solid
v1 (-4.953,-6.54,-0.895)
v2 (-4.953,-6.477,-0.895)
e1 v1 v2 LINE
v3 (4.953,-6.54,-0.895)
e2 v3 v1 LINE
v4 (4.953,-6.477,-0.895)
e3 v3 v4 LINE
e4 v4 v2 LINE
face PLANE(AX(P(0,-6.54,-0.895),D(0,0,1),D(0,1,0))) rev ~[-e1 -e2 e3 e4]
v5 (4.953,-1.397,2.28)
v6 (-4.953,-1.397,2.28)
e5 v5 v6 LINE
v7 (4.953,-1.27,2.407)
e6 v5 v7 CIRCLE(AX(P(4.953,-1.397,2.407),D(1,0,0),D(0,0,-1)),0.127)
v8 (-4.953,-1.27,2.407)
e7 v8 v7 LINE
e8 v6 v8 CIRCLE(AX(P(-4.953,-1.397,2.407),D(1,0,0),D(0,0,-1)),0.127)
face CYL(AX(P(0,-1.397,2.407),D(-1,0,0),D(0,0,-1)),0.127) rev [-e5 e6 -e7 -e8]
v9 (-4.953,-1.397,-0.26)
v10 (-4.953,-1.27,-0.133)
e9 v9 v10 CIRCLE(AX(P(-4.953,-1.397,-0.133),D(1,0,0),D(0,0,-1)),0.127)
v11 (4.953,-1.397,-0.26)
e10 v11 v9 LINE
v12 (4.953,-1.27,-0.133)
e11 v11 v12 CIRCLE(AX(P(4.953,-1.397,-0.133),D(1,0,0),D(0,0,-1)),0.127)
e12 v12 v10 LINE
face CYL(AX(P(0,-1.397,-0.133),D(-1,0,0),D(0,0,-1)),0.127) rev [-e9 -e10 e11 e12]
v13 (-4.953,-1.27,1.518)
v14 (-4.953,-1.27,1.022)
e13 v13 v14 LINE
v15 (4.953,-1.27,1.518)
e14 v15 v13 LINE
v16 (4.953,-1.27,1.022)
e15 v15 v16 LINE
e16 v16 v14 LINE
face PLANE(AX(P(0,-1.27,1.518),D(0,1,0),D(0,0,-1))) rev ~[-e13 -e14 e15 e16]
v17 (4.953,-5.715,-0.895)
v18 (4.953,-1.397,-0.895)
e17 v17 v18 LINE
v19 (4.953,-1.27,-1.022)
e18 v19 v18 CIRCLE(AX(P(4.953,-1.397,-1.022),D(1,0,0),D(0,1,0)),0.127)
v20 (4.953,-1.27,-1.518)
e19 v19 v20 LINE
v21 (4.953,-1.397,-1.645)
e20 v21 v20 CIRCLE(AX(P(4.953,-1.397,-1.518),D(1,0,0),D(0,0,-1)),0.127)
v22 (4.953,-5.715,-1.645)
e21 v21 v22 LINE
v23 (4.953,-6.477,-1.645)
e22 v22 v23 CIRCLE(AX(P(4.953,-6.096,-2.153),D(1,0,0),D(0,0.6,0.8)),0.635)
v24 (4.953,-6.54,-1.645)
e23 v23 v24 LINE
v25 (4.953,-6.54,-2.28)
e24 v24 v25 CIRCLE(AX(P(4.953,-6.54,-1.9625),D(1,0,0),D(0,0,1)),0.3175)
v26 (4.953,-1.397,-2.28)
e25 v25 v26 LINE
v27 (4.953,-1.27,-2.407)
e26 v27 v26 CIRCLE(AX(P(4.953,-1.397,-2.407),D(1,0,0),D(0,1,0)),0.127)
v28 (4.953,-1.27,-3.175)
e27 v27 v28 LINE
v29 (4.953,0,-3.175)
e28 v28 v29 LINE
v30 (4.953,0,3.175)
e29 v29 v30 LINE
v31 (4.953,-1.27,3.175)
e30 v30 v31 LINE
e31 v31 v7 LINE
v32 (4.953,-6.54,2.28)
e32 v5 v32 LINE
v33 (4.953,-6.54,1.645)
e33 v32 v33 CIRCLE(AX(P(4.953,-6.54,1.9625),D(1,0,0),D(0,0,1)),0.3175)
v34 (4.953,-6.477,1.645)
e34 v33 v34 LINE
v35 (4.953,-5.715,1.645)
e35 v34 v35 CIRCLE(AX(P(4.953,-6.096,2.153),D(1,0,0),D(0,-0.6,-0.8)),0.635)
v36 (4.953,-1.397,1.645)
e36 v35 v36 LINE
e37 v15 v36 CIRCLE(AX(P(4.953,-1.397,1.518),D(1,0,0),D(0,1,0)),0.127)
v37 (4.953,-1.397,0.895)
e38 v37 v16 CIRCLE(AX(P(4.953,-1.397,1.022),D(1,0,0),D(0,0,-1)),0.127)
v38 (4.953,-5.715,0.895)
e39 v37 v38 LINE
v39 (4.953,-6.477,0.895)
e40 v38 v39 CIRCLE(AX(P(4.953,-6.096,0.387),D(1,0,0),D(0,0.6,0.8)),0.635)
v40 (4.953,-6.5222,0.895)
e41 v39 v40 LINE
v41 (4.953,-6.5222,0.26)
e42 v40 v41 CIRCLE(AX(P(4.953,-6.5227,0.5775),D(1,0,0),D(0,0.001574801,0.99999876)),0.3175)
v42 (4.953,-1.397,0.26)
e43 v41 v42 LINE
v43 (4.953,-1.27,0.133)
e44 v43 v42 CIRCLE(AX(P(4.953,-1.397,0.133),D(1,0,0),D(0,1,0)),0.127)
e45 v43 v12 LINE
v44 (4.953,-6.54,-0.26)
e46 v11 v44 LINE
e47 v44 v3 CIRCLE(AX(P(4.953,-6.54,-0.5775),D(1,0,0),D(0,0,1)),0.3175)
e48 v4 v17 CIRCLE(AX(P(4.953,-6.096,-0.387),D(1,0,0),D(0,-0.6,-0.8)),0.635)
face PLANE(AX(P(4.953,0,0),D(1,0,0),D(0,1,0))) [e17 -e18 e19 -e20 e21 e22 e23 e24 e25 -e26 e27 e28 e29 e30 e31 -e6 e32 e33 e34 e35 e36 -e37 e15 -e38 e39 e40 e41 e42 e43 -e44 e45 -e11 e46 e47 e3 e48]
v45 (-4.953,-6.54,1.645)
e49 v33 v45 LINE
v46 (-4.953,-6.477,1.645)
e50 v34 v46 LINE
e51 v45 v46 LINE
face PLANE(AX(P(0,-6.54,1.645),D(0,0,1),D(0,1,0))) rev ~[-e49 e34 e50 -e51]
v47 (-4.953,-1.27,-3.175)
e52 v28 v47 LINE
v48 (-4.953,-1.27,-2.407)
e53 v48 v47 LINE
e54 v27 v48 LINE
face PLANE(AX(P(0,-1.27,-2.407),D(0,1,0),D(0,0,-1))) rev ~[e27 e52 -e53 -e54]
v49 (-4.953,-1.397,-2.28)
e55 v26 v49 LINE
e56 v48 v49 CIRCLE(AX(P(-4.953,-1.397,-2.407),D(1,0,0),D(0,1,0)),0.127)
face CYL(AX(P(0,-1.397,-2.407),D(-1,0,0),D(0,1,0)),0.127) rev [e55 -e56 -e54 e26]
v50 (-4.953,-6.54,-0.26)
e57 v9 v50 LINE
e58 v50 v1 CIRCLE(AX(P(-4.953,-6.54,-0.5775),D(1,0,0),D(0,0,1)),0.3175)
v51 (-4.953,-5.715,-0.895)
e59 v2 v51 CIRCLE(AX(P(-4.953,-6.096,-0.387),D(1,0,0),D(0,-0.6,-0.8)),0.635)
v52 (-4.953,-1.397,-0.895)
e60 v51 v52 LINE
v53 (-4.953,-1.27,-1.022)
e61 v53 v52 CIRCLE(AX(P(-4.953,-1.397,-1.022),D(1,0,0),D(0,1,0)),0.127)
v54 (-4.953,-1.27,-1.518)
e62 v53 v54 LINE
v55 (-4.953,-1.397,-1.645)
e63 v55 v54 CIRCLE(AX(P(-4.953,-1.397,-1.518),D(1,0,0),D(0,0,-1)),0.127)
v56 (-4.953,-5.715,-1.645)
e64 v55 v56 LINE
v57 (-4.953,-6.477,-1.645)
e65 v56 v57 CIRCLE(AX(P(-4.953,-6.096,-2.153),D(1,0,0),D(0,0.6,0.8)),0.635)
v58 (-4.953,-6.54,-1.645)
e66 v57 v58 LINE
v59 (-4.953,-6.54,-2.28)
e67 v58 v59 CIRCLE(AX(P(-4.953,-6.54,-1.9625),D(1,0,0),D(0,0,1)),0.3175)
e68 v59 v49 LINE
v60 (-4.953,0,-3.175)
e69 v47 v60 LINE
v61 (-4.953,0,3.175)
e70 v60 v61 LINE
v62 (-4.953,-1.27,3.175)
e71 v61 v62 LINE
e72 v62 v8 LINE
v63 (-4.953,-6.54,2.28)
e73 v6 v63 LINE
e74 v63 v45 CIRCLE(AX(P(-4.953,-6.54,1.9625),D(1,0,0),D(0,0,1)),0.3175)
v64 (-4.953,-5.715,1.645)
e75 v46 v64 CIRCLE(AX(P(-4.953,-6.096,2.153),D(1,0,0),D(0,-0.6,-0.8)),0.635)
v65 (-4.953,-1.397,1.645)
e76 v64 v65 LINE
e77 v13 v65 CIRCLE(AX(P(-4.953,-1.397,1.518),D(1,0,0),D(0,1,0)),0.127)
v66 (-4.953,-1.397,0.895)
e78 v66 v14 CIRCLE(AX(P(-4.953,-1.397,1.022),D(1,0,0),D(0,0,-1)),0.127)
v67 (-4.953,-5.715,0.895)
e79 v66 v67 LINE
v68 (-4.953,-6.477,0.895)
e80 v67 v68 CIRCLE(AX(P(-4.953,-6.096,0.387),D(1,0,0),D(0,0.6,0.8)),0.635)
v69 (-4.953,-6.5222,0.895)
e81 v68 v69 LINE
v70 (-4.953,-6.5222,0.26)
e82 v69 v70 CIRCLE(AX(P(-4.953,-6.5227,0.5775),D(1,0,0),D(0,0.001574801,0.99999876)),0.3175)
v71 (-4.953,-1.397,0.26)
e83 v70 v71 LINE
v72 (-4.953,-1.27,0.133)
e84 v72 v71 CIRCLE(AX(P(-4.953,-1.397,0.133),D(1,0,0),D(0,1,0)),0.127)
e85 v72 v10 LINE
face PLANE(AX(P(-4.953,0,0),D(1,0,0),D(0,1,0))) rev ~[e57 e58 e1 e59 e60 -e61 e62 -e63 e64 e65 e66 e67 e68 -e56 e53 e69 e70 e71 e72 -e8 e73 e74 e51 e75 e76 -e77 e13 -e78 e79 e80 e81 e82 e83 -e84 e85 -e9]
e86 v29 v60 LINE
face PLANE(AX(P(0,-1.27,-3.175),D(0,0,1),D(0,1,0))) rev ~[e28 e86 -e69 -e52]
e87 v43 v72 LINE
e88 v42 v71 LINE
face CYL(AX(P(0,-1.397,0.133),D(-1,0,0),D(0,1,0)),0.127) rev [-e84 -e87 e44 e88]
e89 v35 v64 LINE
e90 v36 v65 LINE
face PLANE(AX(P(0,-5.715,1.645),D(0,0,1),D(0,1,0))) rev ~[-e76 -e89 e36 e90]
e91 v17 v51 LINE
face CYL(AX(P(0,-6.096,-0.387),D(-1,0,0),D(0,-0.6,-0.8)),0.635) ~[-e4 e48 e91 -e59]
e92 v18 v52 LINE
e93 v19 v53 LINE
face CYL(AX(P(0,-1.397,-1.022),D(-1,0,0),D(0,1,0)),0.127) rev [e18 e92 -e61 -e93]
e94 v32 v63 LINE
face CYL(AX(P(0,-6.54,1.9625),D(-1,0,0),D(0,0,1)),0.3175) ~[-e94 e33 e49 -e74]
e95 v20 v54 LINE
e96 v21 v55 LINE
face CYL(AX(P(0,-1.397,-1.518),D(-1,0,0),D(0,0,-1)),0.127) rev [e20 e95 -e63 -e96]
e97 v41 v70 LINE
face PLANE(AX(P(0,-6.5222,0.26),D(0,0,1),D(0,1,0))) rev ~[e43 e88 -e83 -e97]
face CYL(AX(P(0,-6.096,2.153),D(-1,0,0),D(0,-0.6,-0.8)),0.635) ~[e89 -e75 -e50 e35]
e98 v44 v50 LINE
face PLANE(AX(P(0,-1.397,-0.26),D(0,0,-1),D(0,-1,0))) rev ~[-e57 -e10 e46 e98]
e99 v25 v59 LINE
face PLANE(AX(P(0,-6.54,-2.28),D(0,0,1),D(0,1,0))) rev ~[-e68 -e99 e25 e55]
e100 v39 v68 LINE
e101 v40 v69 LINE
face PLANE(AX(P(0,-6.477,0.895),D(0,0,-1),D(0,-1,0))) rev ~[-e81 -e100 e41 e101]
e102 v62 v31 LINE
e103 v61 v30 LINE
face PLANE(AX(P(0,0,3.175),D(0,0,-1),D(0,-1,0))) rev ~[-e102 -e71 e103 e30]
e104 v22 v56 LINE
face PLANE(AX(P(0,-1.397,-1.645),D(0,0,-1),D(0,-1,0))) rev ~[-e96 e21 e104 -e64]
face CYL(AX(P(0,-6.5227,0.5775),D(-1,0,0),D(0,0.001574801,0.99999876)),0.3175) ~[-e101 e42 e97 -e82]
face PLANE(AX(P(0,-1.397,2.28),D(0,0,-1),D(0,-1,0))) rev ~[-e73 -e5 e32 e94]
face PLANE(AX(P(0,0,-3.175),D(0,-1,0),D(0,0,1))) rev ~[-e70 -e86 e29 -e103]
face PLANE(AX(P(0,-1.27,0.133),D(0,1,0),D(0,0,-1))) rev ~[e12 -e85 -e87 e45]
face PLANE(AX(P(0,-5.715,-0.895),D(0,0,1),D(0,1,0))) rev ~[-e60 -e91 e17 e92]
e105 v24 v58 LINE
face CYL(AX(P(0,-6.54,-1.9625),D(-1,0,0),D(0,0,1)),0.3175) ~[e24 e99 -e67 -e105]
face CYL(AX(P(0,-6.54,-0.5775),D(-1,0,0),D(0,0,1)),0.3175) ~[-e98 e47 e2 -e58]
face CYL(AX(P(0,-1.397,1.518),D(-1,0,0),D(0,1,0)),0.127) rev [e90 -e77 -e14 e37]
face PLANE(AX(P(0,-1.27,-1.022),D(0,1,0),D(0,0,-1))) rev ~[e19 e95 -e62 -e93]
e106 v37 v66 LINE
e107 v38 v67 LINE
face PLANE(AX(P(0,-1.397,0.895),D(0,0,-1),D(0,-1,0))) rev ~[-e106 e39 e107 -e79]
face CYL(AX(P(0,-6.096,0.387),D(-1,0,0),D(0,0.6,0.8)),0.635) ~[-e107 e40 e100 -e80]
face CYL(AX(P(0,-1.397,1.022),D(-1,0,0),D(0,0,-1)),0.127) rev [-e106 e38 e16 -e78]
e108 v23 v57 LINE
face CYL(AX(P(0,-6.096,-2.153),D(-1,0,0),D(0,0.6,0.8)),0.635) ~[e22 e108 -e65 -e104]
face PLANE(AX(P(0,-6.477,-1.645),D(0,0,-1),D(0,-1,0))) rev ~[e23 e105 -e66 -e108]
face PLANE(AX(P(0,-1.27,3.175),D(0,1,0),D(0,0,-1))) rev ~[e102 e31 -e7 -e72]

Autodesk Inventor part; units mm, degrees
sketch "Sketch_6" plane through (0, 0, 0) normal (1, 0, 0) x (0, 1, 0)
  line L0 (0, 3.175) -> (-1.27, 3.175)
  line L1 (-1.27, 3.175) -> (-1.27, 2.407)
  arc A0 (-1.397, 2.28) -> (-1.27, 2.407) centre (-1.397, 2.407) ccw
  line L2 (-1.397, 2.28) -> (-6.54, 2.28)
  arc A1 (-6.54, 2.28) -> (-6.54, 1.645) centre (-6.54, 1.9625) ccw
  line L3 (-6.54, 1.645) -> (-6.477, 1.645)
  arc A2 (-6.477, 1.645) -> (-5.715, 1.645) centre (-6.096, 2.153) ccw
  line L4 (-5.715, 1.645) -> (-1.397, 1.645)
  arc A3 (-1.27, 1.518) -> (-1.397, 1.645) centre (-1.397, 1.518) ccw
  line L5 (-1.27, 1.518) -> (-1.27, 1.022)
  arc A4 (-1.397, 0.895) -> (-1.27, 1.022) centre (-1.397, 1.022) ccw
  line L6 (-1.397, 0.895) -> (-5.715, 0.895)
  arc A5 (-5.715, 0.895) -> (-6.477, 0.895) centre (-6.096, 0.387) ccw
  line L7 (-6.477, 0.895) -> (-6.5222, 0.895)
  arc A6 (-6.5222, 0.895) -> (-6.5222, 0.26) centre (-6.5227, 0.5775) ccw
  line L8 (-6.5222, 0.26) -> (-1.397, 0.26)
  arc A7 (-1.27, 0.133) -> (-1.397, 0.26) centre (-1.397, 0.133) ccw
  line L9 (-1.27, 0.133) -> (-1.27, -0.133)
  arc A8 (-1.397, -0.26) -> (-1.27, -0.133) centre (-1.397, -0.133) ccw
  line L10 (-1.397, -0.26) -> (-6.54, -0.26)
  arc A9 (-6.54, -0.26) -> (-6.54, -0.895) centre (-6.54, -0.5775) ccw
  line L11 (-6.54, -0.895) -> (-6.477, -0.895)
  arc A10 (-6.477, -0.895) -> (-5.715, -0.895) centre (-6.096, -0.387) ccw
  line L12 (-5.715, -0.895) -> (-1.397, -0.895)
  arc A11 (-1.27, -1.022) -> (-1.397, -0.895) centre (-1.397, -1.022) ccw
  line L13 (-1.27, -1.022) -> (-1.27, -1.518)
  arc A12 (-1.397, -1.645) -> (-1.27, -1.518) centre (-1.397, -1.518) ccw
  line L14 (-1.397, -1.645) -> (-5.715, -1.645)
  arc A13 (-5.715, -1.645) -> (-6.477, -1.645) centre (-6.096, -2.153) ccw
  line L15 (-6.477, -1.645) -> (-6.54, -1.645)
  arc A14 (-6.54, -1.645) -> (-6.54, -2.28) centre (-6.54, -1.9625) ccw
  line L16 (-6.54, -2.28) -> (-1.397, -2.28)
  arc A15 (-1.27, -2.407) -> (-1.397, -2.28) centre (-1.397, -2.407) ccw
  line L17 (-1.27, -2.407) -> (-1.27, -3.175)
  line L18 (-1.27, -3.175) -> (0, -3.175)
  line L19 (0, -3.175) -> (0, 3.175)
extrude "Extrusion1" add sketch "Sketch_6" along normal mid plane 9.906
ref_plane "pick_place_pad_XY" through (0, 0, 0) normal (0, 1, 0) x (1, 0, 0)
ref_plane "pick_place_pad_YZ" through (0, 0, 0) normal (1, 0, 0) x (0, 0, -1)
ref_plane "pick_place_pad_ZX" through (0, 0, 0) normal (0, 0, -1) x (0, 1, 0)
properties part number "PPP-06-01-20--DV"
